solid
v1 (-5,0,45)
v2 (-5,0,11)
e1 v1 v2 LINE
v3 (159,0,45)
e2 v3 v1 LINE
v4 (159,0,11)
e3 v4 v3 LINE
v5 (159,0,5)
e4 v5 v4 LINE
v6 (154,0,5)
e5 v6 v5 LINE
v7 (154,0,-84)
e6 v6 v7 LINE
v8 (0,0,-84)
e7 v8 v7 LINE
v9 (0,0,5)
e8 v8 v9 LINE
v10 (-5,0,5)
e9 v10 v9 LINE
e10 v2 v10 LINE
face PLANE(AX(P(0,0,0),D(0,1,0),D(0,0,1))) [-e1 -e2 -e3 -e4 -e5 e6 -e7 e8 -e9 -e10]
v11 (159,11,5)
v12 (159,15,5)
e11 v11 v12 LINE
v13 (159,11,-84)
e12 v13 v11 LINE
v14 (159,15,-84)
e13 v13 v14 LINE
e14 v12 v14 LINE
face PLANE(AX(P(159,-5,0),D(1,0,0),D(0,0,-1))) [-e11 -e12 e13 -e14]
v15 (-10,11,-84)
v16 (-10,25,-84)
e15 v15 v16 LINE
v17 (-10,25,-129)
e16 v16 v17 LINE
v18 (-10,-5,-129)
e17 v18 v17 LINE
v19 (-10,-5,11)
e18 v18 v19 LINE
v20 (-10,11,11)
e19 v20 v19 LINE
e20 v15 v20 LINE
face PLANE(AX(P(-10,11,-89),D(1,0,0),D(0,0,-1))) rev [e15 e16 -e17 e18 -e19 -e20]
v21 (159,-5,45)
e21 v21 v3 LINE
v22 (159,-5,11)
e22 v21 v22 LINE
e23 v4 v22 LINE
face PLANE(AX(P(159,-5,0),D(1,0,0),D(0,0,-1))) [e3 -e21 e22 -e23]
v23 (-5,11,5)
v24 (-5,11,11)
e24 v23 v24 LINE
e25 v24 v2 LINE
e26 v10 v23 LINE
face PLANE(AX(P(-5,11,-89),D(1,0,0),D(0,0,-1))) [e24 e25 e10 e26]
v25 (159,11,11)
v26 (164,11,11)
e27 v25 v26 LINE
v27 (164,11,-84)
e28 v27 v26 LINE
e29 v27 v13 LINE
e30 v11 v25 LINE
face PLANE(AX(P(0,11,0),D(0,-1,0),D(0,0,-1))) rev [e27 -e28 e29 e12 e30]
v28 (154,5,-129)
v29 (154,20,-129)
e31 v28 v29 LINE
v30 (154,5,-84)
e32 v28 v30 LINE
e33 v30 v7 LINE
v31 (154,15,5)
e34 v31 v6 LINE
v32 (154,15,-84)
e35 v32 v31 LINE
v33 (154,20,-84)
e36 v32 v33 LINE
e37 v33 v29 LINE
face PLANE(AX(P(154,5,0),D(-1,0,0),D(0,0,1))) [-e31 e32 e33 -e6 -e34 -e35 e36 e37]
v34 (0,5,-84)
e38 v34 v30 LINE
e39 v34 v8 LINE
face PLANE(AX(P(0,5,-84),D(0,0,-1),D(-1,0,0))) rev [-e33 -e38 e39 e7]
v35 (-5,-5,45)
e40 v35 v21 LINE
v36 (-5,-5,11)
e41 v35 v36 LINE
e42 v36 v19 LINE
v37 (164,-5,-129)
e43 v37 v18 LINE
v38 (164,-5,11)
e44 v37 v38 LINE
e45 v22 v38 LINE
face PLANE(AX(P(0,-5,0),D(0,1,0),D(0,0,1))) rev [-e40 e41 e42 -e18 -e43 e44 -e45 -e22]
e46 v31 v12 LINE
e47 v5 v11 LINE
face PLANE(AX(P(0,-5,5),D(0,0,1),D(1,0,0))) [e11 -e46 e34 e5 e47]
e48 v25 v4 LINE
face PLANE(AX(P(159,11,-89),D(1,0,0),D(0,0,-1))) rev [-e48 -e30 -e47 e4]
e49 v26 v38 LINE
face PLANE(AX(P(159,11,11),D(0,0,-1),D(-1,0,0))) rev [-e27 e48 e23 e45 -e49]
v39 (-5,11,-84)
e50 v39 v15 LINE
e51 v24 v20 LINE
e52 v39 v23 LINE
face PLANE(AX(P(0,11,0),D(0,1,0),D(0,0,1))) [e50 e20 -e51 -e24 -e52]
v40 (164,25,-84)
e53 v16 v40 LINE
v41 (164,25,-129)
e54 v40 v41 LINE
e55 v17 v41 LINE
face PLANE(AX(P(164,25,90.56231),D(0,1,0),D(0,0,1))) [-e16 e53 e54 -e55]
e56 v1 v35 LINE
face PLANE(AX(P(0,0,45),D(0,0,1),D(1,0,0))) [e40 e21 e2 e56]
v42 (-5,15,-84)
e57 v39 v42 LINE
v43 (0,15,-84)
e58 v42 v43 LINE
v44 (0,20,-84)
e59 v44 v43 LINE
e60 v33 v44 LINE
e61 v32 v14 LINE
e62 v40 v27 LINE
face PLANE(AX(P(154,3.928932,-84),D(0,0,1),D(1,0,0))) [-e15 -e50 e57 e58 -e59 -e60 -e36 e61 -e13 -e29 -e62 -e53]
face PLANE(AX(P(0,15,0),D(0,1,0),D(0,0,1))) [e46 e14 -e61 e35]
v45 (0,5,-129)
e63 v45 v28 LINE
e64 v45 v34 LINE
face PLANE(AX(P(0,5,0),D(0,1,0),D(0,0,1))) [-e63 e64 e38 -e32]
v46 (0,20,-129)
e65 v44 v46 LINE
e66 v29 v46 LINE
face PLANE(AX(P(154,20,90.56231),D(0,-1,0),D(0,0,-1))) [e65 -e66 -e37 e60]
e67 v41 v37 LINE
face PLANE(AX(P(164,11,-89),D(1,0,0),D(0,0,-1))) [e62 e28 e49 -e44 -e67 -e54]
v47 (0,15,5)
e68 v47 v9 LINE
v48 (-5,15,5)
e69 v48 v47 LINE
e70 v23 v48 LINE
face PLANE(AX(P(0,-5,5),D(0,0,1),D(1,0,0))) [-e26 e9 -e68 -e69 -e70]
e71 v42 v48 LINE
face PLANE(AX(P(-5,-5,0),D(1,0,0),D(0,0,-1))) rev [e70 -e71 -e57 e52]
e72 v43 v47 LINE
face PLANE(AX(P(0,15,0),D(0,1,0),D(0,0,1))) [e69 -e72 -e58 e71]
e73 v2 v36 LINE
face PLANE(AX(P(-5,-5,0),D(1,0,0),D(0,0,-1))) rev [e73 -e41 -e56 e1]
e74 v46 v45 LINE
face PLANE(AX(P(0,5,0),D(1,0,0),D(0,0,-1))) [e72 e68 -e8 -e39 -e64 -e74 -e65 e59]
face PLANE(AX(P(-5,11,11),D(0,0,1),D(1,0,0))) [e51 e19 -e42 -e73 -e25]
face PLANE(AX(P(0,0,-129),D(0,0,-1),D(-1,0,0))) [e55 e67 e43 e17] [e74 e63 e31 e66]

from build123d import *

# Parameters (mm, degrees)
SKETCH1_W           = 164
SKETCH1_H           = 94
BOSS_EXTRUDE1_DEPTH = 5
BOSS_EXTRUDE2_DEPTH = 5
SKETCH2_W           = 164
SKETCH2_H           = 30
BOSS_EXTRUDE3_DEPTH = 5
SKETCH3_W           = 5
SKETCH3_H           = 94
BOSS_EXTRUDE4_DEPTH = 10
SKETCH4_W           = 5
SKETCH4_H           = 100
BOSS_EXTRUDE5_DEPTH = 16
SKETCH5_W           = 5
SKETCH5_H           = 5
CUT_EXTRUDE1_DEPTH  = 4
BOSS_EXTRUDE6_DEPTH = 40
BOSS_EXTRUDE7_DEPTH = 45
SKETCH9_W           = 164
SKETCH9_H           = 5
BOSS_EXTRUDE8_DEPTH = 10


with BuildPart() as part:
    # Sketch1 → Boss-Extrude1 (new body)
    with BuildSketch(Plane(origin=(0, 0, 0), x_dir=(1, 0, 0), z_dir=(0, 1, 0))):
        with Locations((77, 42)):
            Rectangle(SKETCH1_W, SKETCH1_H)
    extrude(amount=-BOSS_EXTRUDE1_DEPTH)

    # Sketch1<3> → Boss-Extrude2 (add)
    with BuildSketch(Plane(origin=(0, 0, 0), x_dir=(1, 0, 0), z_dir=(0, 1, 0))):
        Polygon((0, -5), (0, 0), (0, 84), (154, 84), (154, 0), (154, -5), (159, -5), (159, 89), (-5, 89), (-5, -5), align=None)
    extrude(amount=BOSS_EXTRUDE2_DEPTH)

    # Sketch2 → Boss-Extrude3 (add)
    with BuildSketch(Plane(origin=(0, -5, 0), x_dir=(-1, 0, 0), z_dir=(0, -1, 0))):
        with Locations((-77, -20)):
            Rectangle(SKETCH2_W, SKETCH2_H)
    extrude(amount=-BOSS_EXTRUDE3_DEPTH)

    # Sketch3 → Boss-Extrude4 (add)
    with BuildSketch(Plane(origin=(0, 5, 0), x_dir=(1, 0, 0), z_dir=(0, 1, 0))):
        with Locations((-2.5, 42)):
            Rectangle(SKETCH3_W, SKETCH3_H)
        with Locations((156.5, 42)):
            Rectangle(SKETCH3_W, SKETCH3_H)
    extrude(amount=BOSS_EXTRUDE4_DEPTH)

    # Sketch4 → Boss-Extrude5 (add)
    with BuildSketch(Plane.XZ.offset(5)):
        with Locations((-7.5, -39)):
            Rectangle(SKETCH4_W, SKETCH4_H)
        with Locations((161.5, -39)):
            Rectangle(SKETCH4_W, SKETCH4_H)
    extrude(amount=-BOSS_EXTRUDE5_DEPTH)

    # Sketch5 → Cut-Extrude1 (cut)
    with BuildSketch(Plane(origin=(0, 15, 0), x_dir=(1, 0, 0), z_dir=(0, 1, 0))):
        with Locations((-2.5, 86.5)):
            Rectangle(SKETCH5_W, SKETCH5_H)
        with Locations((156.5, 86.5)):
            Rectangle(SKETCH5_W, SKETCH5_H)
    extrude(amount=-CUT_EXTRUDE1_DEPTH, mode=Mode.SUBTRACT)

    # Sketch6 → Boss-Extrude6 (add)
    with BuildSketch(Plane(origin=(0, 0, -89), x_dir=(-1, 0, 0), z_dir=(0, 0, -1))):
        Polygon((10, -5), (10, 11), (0, 11), (0, 5), (-154, 5), (-154, 11), (-164, 11), (-164, -5), align=None)
    extrude(amount=BOSS_EXTRUDE6_DEPTH)

    # Sketch8 → Boss-Extrude7 (add)
    with BuildSketch(Plane(origin=(0, 0, -129), x_dir=(-1, 0, 0), z_dir=(0, 0, -1))):
        Polygon((-164, 11), (-154, 11), (-154, 20), (0, 20), (0, 11), (10, 11), (10, 25), (-164, 25), align=None)
    extrude(amount=-BOSS_EXTRUDE7_DEPTH)

    # Sketch9 → Boss-Extrude8 (add)
    with BuildSketch(Plane.XY.offset(35)):
        with Locations((77, -2.5)):
            Rectangle(SKETCH9_W, SKETCH9_H)
    extrude(amount=BOSS_EXTRUDE8_DEPTH)


solid = part.part
